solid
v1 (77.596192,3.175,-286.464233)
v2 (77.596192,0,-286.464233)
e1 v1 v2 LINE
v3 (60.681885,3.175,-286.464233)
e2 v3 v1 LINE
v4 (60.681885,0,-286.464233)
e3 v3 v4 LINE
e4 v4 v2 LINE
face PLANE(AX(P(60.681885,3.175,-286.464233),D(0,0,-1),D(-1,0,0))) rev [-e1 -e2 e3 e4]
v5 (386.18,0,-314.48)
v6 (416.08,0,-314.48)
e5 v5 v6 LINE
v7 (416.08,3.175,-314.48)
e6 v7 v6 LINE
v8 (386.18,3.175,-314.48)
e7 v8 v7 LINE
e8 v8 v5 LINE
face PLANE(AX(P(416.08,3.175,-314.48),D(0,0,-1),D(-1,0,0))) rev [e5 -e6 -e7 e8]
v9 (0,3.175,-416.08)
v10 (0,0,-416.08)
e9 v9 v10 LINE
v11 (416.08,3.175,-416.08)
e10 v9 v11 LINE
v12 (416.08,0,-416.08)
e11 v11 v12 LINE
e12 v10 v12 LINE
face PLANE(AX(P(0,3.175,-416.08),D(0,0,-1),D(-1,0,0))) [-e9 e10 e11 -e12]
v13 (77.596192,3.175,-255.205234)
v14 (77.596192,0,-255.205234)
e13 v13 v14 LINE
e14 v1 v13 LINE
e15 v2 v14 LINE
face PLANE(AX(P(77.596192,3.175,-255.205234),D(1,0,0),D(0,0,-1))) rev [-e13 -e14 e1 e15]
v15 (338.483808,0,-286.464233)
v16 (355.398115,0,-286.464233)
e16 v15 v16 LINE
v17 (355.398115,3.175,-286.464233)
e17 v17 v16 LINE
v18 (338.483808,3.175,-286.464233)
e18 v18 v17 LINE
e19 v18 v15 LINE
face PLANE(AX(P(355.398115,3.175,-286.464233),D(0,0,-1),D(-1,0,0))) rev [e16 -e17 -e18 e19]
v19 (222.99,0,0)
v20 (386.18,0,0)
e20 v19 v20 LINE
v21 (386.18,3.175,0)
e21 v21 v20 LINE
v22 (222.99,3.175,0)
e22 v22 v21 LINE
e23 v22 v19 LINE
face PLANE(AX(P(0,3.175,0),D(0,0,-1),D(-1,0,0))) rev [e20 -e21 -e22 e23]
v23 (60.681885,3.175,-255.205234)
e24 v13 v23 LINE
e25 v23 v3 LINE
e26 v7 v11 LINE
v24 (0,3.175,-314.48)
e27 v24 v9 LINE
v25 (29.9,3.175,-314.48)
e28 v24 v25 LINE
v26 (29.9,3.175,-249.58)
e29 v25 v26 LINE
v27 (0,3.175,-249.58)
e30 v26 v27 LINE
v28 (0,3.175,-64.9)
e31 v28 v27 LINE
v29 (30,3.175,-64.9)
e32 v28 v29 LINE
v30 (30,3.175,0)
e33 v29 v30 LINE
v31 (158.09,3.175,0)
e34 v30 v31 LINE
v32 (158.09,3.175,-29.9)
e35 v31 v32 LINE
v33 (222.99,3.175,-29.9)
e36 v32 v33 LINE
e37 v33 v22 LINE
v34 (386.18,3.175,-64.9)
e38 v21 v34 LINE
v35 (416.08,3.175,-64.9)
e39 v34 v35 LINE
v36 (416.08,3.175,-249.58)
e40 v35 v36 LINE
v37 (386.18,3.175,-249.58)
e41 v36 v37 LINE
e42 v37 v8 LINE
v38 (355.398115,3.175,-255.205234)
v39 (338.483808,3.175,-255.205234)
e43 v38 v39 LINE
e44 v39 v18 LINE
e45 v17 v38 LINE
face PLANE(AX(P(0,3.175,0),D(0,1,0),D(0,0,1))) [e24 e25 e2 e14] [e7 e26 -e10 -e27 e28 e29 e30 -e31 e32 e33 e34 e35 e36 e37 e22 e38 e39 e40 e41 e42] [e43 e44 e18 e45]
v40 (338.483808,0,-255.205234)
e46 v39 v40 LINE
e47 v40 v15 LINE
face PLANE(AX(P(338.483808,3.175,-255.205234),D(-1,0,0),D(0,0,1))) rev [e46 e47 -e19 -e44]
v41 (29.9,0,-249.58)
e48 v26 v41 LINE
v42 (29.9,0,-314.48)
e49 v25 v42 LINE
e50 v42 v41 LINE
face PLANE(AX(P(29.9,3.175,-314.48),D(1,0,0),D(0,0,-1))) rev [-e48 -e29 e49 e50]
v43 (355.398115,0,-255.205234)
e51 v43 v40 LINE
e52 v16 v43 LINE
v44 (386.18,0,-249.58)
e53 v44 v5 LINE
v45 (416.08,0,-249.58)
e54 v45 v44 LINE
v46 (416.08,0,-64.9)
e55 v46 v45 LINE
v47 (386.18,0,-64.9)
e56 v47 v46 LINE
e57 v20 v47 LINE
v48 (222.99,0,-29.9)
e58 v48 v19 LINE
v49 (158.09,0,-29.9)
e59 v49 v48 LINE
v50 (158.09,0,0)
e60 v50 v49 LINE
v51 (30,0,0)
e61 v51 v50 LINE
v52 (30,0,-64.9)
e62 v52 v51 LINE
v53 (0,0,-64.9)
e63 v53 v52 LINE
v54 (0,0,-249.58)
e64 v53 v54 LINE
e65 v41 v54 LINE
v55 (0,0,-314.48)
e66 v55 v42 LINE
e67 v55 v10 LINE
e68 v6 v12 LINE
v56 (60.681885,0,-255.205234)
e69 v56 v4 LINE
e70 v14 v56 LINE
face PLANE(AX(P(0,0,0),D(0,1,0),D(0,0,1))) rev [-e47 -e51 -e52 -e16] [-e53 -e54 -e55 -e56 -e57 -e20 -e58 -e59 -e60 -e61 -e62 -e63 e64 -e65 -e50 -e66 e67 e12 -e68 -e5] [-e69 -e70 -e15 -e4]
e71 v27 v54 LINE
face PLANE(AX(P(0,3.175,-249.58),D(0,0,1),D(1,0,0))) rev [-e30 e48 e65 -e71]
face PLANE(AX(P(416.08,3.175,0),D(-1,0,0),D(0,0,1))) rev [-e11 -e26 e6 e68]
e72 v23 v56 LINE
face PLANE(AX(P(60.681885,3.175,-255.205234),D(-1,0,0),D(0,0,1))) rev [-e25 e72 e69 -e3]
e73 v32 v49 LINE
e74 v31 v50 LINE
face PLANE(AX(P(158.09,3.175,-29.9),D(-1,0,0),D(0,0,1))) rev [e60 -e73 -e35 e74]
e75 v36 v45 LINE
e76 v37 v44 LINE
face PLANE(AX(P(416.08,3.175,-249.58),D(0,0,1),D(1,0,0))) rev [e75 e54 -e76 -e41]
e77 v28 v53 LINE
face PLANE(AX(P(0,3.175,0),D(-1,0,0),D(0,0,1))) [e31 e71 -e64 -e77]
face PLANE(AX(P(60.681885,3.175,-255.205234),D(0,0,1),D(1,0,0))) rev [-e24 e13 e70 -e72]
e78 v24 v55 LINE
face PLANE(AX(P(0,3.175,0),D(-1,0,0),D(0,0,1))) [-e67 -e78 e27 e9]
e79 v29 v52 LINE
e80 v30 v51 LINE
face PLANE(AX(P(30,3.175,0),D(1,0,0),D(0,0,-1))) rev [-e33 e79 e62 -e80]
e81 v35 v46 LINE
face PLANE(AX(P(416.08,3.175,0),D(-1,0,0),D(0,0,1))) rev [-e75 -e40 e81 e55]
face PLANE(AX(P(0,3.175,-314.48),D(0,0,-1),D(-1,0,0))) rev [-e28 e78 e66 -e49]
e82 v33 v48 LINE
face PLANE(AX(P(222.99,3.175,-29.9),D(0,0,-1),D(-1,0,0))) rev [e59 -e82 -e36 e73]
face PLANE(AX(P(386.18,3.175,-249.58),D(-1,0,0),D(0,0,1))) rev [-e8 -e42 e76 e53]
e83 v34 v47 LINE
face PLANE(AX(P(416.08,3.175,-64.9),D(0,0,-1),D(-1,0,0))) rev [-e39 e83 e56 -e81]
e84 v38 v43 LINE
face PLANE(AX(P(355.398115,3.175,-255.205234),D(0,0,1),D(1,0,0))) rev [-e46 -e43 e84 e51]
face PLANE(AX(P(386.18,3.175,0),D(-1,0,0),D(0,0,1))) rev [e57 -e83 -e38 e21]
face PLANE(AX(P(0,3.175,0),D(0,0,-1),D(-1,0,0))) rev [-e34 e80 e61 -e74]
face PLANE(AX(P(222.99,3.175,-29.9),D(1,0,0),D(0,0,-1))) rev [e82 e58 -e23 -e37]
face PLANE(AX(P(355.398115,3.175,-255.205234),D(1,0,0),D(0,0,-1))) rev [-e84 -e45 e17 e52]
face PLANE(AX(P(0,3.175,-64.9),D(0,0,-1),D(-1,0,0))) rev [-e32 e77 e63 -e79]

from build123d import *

# Parameters (mm, degrees)
SKETCH1_W           = 416.08
SKETCH1_H           = 416.08
BOSS_EXTRUDE1_DEPTH = 3.175
SKETCH4_W           = 16.914306981
SKETCH4_H           = 31.258998707
SKETCH4_W_2         = 29.9
SKETCH4_H_2         = 64.9
SKETCH4_W_3         = 64.9
SKETCH4_H_3         = 29.9
SKETCH4_W_4         = 30
CUT_EXTRUDE3_DEPTH  = 4.175


with BuildPart() as part:
    # Sketch1 → Boss-Extrude1 (new body)
    with BuildSketch(Plane(origin=(0, 0, 0), x_dir=(1, 0, 0), z_dir=(0, 1, 0))):
        with Locations((208.04, 208.04)):
            Rectangle(SKETCH1_W, SKETCH1_H)
    extrude(amount=BOSS_EXTRUDE1_DEPTH)

    # Sketch4 → Cut-Extrude3 (cut, through all)
    with BuildSketch(Plane.XZ):
        with Locations((69.139038516, -270.834733378)):
            Rectangle(SKETCH4_W, SKETCH4_H)
        with Locations((346.940961485, -270.834733378)):
            Rectangle(SKETCH4_W, SKETCH4_H)
        with Locations((401.13, -32.45)):
            Rectangle(SKETCH4_W_2, SKETCH4_H_2)
        with Locations((190.54, -14.95)):
            Rectangle(SKETCH4_W_3, SKETCH4_H_3)
        with Locations((15, -32.45)):
            Rectangle(SKETCH4_W_4, SKETCH4_H_2)
        with Locations((14.95, -282.03)):
            Rectangle(SKETCH4_W_2, SKETCH4_H_2)
        with Locations((401.13, -282.03)):
            Rectangle(SKETCH4_W_2, SKETCH4_H_2)
    extrude(amount=-CUT_EXTRUDE3_DEPTH, mode=Mode.SUBTRACT)


solid = part.part
